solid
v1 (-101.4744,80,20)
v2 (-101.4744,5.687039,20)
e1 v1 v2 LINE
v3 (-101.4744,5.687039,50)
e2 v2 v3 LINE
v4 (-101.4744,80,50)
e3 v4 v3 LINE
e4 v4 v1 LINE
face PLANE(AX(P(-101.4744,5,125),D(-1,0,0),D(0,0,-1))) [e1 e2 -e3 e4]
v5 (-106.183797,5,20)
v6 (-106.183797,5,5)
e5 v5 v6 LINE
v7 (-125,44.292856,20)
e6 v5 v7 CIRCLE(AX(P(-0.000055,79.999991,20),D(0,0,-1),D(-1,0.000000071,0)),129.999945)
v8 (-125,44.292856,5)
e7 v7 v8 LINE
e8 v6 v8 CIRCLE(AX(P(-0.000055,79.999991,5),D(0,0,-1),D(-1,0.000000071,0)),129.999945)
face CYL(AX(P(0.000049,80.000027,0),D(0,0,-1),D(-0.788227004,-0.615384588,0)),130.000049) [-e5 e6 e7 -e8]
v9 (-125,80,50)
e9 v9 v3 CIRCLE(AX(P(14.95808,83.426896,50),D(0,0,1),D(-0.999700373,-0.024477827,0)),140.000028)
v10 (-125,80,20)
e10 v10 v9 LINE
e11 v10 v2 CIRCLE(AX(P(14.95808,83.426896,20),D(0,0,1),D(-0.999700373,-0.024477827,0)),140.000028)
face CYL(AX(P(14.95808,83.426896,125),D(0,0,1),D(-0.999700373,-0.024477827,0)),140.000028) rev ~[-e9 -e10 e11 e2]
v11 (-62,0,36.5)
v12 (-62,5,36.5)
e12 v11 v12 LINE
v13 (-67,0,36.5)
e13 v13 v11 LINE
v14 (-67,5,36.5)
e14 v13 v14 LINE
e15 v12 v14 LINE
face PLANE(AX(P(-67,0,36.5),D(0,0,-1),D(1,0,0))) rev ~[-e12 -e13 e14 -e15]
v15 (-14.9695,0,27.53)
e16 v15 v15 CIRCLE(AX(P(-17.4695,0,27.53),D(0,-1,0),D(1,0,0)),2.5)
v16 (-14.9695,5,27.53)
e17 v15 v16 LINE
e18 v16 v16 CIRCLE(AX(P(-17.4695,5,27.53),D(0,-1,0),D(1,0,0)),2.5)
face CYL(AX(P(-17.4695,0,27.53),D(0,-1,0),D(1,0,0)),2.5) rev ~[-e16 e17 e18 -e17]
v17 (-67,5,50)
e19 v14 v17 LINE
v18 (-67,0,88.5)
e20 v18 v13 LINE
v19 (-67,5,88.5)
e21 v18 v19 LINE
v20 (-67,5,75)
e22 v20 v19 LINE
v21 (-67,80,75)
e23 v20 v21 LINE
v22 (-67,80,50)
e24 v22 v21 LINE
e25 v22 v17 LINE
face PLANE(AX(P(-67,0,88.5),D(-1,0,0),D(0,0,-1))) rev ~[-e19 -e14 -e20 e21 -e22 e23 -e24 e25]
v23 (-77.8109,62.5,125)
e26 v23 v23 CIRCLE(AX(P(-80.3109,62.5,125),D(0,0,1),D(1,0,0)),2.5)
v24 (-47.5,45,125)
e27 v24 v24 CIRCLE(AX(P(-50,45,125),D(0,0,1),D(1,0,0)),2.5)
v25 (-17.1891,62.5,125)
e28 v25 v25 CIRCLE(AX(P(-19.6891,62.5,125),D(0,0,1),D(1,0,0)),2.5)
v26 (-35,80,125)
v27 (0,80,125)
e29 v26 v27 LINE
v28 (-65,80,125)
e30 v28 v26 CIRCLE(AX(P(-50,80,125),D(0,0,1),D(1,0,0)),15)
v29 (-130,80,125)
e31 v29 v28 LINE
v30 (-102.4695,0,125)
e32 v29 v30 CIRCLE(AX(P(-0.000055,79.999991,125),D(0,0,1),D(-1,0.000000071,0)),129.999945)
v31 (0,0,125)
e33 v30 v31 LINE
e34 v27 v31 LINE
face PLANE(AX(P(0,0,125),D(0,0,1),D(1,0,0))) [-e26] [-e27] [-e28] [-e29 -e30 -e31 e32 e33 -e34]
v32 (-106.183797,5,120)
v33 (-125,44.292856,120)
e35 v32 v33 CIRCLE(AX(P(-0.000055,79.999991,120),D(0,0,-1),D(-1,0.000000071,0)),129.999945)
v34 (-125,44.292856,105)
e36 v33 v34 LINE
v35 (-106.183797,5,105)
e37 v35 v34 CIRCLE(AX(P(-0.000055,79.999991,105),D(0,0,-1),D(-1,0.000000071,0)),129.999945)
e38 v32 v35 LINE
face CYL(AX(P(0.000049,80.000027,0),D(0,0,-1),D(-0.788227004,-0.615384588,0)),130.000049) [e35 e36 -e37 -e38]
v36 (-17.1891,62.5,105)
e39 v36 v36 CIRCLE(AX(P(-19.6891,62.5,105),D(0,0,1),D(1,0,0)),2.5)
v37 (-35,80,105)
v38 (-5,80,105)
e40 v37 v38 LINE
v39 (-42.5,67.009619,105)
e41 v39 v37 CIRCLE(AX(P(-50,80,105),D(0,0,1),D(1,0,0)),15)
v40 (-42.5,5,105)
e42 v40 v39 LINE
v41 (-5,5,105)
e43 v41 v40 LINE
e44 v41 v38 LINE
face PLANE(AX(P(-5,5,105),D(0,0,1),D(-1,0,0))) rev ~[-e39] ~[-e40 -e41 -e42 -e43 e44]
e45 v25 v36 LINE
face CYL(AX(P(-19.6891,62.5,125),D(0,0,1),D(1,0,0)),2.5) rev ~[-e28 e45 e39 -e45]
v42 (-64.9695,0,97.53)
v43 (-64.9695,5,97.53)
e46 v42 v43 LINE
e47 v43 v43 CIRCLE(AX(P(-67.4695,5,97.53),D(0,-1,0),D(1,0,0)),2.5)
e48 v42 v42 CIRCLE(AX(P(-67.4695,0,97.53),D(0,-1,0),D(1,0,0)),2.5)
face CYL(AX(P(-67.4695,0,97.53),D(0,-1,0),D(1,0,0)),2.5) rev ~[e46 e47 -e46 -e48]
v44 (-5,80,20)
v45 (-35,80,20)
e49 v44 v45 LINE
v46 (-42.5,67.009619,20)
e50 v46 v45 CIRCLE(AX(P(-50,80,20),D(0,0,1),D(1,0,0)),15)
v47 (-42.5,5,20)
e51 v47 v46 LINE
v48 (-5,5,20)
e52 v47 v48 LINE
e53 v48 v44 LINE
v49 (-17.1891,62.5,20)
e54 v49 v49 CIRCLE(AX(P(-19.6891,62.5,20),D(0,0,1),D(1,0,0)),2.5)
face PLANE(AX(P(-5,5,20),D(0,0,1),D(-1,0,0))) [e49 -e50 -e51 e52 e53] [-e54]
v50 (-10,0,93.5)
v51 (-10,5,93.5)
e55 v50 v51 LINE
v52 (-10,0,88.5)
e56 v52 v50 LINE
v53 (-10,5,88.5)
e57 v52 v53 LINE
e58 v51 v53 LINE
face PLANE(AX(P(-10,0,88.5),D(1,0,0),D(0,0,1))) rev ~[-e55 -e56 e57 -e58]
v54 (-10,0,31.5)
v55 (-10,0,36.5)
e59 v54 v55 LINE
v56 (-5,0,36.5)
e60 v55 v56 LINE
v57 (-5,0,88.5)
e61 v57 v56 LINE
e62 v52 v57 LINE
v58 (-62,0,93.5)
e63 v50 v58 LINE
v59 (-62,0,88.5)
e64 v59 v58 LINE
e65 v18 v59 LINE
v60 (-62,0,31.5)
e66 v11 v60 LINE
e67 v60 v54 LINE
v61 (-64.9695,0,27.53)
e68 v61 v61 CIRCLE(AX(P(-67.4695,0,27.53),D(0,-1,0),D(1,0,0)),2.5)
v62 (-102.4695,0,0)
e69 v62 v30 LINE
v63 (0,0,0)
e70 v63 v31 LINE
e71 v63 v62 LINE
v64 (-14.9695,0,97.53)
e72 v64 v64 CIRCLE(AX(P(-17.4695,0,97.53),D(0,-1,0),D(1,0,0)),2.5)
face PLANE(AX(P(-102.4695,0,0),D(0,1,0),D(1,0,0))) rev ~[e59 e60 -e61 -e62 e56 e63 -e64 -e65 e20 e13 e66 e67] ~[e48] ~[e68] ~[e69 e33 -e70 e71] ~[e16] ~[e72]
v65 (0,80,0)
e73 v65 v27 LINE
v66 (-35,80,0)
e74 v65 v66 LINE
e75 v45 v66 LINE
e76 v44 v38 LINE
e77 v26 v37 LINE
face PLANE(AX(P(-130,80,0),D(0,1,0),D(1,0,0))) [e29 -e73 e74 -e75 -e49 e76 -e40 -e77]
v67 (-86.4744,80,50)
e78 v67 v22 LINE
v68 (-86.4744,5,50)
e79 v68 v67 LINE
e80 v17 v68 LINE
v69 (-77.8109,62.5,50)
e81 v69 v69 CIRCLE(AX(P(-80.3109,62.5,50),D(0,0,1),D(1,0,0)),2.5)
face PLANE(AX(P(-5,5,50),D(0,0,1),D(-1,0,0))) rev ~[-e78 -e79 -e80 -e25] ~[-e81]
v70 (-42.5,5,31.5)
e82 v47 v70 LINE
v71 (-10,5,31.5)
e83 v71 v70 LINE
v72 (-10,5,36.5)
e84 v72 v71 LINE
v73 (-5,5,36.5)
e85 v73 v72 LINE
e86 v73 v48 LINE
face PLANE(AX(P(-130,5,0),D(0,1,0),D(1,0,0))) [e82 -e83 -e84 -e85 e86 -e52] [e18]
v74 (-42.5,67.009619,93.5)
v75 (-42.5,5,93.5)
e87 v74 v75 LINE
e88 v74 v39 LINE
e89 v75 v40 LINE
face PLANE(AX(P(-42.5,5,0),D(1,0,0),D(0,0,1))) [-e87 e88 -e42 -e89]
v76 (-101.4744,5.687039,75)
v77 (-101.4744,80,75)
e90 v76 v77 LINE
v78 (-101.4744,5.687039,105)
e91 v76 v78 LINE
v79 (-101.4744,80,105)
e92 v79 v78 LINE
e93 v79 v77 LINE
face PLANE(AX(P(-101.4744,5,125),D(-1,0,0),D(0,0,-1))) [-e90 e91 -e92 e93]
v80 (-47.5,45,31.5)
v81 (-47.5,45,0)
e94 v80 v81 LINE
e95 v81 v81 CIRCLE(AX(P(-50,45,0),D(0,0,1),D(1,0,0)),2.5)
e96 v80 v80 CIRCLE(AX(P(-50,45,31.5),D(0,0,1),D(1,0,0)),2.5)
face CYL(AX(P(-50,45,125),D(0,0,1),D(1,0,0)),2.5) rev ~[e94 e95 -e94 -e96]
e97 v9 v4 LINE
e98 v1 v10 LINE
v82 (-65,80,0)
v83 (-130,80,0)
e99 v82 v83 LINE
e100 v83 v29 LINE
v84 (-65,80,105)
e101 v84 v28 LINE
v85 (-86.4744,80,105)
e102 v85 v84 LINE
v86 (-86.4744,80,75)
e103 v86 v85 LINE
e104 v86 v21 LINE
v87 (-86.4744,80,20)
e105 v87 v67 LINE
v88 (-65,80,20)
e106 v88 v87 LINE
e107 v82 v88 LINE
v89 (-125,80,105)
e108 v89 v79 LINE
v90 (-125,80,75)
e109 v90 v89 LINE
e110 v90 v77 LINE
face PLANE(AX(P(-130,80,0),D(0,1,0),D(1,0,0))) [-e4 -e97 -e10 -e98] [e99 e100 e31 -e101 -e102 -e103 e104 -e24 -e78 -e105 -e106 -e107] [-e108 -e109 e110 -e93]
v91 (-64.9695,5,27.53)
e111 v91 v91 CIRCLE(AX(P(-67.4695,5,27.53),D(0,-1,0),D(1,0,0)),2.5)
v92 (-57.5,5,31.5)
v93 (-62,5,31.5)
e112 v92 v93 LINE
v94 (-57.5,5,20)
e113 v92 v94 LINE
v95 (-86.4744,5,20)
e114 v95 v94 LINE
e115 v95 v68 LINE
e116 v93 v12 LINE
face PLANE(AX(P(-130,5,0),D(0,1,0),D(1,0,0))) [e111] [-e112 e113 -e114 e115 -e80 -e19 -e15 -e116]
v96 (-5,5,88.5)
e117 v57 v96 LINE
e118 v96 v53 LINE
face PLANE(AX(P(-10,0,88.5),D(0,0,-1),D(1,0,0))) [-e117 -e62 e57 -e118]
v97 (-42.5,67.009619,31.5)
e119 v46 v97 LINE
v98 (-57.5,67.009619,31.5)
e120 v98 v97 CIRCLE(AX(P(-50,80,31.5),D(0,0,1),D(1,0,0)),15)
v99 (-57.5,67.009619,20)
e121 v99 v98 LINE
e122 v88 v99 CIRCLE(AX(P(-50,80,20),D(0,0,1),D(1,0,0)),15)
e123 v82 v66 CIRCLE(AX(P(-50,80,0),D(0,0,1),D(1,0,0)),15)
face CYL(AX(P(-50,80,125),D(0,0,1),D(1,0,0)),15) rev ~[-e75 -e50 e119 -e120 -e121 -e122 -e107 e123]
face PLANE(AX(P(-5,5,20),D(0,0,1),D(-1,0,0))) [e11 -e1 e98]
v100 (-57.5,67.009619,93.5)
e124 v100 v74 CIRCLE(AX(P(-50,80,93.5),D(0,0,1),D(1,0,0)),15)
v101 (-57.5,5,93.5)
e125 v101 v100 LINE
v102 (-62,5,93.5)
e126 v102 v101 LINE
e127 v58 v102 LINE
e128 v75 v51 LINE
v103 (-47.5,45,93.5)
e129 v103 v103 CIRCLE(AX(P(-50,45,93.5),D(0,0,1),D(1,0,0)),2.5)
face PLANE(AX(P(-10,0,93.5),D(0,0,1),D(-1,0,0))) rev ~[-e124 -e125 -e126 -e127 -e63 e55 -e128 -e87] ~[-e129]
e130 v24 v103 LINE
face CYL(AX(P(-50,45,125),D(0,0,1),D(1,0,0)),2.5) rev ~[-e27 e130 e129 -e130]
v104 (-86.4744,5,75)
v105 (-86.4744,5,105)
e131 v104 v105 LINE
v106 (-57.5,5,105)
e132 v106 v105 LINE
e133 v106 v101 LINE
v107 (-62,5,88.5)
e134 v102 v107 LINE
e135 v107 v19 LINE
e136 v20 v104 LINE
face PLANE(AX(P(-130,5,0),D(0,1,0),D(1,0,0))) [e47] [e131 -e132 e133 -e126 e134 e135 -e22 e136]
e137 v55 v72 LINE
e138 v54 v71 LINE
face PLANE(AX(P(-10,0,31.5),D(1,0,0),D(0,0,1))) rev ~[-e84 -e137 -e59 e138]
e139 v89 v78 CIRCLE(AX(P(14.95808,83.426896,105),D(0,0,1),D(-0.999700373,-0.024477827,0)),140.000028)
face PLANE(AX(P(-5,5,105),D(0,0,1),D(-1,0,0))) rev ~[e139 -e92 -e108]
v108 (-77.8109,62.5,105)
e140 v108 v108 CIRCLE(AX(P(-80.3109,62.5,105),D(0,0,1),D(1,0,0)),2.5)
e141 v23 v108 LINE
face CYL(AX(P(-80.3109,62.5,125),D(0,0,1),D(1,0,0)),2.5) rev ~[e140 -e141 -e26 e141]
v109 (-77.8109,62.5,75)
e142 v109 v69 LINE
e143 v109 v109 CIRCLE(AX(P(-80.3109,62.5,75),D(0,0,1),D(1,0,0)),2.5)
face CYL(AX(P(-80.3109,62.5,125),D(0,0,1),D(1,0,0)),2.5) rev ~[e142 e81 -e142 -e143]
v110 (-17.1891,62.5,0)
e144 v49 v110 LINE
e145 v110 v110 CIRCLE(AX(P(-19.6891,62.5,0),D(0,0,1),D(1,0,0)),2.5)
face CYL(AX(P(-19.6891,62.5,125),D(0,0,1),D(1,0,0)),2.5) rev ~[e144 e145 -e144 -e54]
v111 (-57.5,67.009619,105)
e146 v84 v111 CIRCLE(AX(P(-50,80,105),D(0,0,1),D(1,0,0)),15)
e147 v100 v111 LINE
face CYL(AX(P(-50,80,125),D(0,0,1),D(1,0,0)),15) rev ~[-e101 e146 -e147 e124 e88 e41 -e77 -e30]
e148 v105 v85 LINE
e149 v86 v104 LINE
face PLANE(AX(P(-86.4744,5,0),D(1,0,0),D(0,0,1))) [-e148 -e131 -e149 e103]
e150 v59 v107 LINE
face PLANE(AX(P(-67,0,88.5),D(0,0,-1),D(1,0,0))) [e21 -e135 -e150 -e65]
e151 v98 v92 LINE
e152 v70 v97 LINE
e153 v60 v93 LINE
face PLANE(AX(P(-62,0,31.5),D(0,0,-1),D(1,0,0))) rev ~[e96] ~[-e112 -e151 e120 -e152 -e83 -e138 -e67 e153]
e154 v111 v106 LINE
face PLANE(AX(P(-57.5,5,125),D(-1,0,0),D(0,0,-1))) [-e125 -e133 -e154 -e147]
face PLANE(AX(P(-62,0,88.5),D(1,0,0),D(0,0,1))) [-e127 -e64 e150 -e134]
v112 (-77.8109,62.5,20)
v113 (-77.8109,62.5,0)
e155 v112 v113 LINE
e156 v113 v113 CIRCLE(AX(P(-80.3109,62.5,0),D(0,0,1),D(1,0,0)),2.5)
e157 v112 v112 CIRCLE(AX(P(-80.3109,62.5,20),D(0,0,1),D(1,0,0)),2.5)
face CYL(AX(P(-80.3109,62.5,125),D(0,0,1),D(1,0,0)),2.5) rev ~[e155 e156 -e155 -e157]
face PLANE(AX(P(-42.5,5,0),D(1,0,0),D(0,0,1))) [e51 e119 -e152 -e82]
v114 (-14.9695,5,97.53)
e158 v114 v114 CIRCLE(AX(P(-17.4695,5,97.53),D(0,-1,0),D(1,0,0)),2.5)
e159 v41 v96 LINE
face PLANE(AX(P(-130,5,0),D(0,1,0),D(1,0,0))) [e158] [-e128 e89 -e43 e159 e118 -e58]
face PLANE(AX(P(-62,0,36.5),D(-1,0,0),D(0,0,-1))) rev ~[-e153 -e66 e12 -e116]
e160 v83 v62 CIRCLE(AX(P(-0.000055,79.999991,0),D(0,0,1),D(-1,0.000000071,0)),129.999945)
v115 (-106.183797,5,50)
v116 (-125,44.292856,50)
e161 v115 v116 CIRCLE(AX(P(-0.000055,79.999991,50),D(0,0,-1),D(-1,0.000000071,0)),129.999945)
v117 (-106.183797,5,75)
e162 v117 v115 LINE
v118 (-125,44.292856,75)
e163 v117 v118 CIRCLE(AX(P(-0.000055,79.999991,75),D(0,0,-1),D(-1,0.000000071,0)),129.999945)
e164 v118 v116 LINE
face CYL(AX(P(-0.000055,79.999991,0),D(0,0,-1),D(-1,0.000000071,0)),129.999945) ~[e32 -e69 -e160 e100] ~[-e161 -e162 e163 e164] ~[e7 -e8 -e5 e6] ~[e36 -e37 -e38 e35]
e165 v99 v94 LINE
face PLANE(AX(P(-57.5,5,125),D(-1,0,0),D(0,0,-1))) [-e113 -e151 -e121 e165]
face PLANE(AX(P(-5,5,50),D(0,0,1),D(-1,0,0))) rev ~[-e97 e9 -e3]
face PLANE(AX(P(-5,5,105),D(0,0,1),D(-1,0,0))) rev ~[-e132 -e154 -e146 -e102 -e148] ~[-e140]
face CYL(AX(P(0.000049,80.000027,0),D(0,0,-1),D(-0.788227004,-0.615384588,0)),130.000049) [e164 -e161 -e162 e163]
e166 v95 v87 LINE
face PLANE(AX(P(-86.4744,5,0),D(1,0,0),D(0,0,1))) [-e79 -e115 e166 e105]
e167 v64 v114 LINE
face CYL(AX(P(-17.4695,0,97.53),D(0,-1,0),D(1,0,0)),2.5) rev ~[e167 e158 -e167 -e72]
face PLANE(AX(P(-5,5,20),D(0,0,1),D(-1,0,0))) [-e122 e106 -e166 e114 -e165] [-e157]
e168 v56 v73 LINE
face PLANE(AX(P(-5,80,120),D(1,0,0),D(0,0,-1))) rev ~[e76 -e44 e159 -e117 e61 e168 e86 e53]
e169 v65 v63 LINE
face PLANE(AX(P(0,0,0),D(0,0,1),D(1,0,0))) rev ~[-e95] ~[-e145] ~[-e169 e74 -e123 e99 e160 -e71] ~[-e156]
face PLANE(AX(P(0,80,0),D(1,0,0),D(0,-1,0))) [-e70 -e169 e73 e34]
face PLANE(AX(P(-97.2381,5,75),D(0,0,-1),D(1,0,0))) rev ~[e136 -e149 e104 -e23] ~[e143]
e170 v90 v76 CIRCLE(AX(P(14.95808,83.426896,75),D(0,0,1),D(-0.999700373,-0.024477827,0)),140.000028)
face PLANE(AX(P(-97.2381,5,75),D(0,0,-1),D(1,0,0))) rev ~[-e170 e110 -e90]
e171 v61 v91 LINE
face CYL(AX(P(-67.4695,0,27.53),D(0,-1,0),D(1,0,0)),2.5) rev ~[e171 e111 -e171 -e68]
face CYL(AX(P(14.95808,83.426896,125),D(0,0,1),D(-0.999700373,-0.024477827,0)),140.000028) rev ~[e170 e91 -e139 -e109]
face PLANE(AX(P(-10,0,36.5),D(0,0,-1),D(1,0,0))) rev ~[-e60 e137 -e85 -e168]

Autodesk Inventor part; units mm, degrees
ref_plane "YZ Plane" through (0, 0, 0) normal (1, 0, 0) x (0, 1, 0)
ref_plane "XZ Plane" through (0, 0, 0) normal (0, 1, 0) x (-1, 0, 0)
ref_plane "XY Plane" through (0, 0, 0) normal (0, 0, 1) x (1, 0, 0)
sketch "Sketch1" plane through (0, 0, 0) normal (0, 0, 1) x (1, 0, 0)
  circle A0 centre (0, 80) radius 130 construction
  line L0 (0, -50) -> (0, 0) construction
  line L1 (0, 0) -> (-102.4695, 0) construction
  arc A1 (-130, 80) -> (-102.4695, 0) centre (0, 80) ccw
  line L2 (-130, 80) -> (0, 80)
  line L3 (0, 80) -> (0, 0)
  line L4 (-102.4695, 0) -> (0, 0)
  dimension "d0" = 260
  dimension "d1" = 50
extrude "Extrusion1" add sketch "Sketch1" along normal blind 125
sketch "Sketch6" plane through (-130, 80, 0) normal (0, 1, 0) x (1, 0, 0)
  line L0 (0, 0) -> (0, -125) projected
  line L1 (0, 0) -> (130, 0)
  line L2 (130, 0) -> (130, -125)
  line L3 (130, -125) -> (0, -125)
  line L4 (0, -125) -> (0, 0)
  line L5 (5, -120) -> (125, -120)
  line L6 (125, -120) -> (125, -5)
  line L7 (125, -5) -> (5, -5)
  line L8 (5, -5) -> (5, -120)
  point P0 (130, 0)
  dimension "d25" = 5
extrude "Extrusion5" cut sketch "Sketch6" against normal blind 75 contours L8 L7 L6 L5
sketch "Sketch7" plane through (-102.4695, 0, 0) normal (0, -1, 0) x (1, 0, 0)
  circle A0 centre (35, 97.53) radius 2.5
  circle A1 centre (85, 97.53) radius 2.5
  line L0 (0, 125) -> (102.4695, 125) projected
  line L1 (0, 0) -> (0, 125) projected
  circle A2 centre (35, 27.53) radius 2.5
  circle A3 centre (85, 27.53) radius 2.5
  line L2 (102.4695, 0) -> (102.4695, 125) projected
  dimension "d28" = 5
  dimension "d29" = 5
  dimension "d30" = 27.47
  dimension "d31" = 50
  dimension "d33" = 5
  dimension "d34" = 5
  dimension "d35" = 70
  dimension "d82" = 35
extrude "Extrusion6" cut sketch "Sketch7" against normal through all
sketch "Sketch8" plane through (0, 0, 125) normal (0, 0, 1) x (1, 0, 0)
  line L0 (0, 80) -> (-130, 80) projected
  arc A0 (-130, 80) -> (-102.4695, 0) centre (0, 80) ccw projected
  arc A1 (-130, 80) -> (-102.4695, 0) centre (9.9581, 83.4269) ccw
  line L1 (-102.4695, 0) -> (-97.4695, 0)
  line L2 (-102.4695, 0) -> (0, 0) projected
  line L3 (-130, 80) -> (-125, 80)
  arc A2 (-125, 80) -> (-97.4695, 0) centre (14.9581, 83.4269) ccw
  dimension "d40" = 5
  dimension "d41" = 5
  dimension "d42" = 140
extrude "Extrusion7" add sketch "Sketch8" against normal blind 125
sketch "Sketch11" plane through (-130, 5, 0) normal (0, 1, 0) x (1, 0, 0)
  line L0 (125, -5) -> (125, -120) projected
  line L1 (125, -50) -> (5, -50)
  line L2 (5, -50) -> (5, -65)
  line L3 (5, -65) -> (125, -65)
  line L4 (125, -65) -> (125, -50)
  line L5 (125, -60) -> (5, -60)
  line L6 (5, -60) -> (5, -75)
  line L7 (5, -75) -> (125, -75)
  line L8 (125, -75) -> (125, -60)
  line L9 (32.7619, 0) -> (32.7619, -150)
  line L10 (125, -105) -> (5, -105)
  line L11 (5, -105) -> (5, -120)
  line L12 (5, -120) -> (125, -120)
  line L13 (125, -120) -> (125, -105)
  line L14 (125, -20) -> (5, -20)
  line L15 (5, -20) -> (5, -5)
  line L16 (5, -5) -> (125, -5)
  line L17 (125, -5) -> (125, -20)
  line L18 (5, -5) -> (125, -5)
  line L19 (5, -120) -> (5, -5) projected
  line L20 (125, -120) -> (5, -120) projected
  line L21 (125, -5) -> (125, -20)
  point P0 (130, 0)
  point P1 (65, -120)
  point P2 (65, -5)
  point P3 (5, -12.5)
  point P4 (5, -57.5)
  dimension "d54" = 15
  dimension "d55" = 15
  dimension "d56" = 15
  dimension "d57" = 15
  dimension "d58" = 30
  dimension "d59" = 30
  dimension "d66" = 5
extrude "Extrusion10" add sketch "Sketch11" along normal blind 75 contours L0 L14 L9 L16 | L9 L14 L15 L16 | L0 L5 L9 L1 | L0 L3 L9 L5 | L9 L5 L2 L1 | L0 L7 L9 L3 | L9 L3 L2 L5 | L9 L7 L6 L3 | L0 L12 L9 L10 | L9 L12 L11 L10
sketch "Sketch12" plane through (-130, 5, 0) normal (0, 1, 0) x (1, 0, 0)
  line L0 (27.5305, 0) -> (130, 0) projected
  line L1 (27.5305, -125) -> (130, -125) projected
  line L2 (72.5, 0) -> (87.5, 0)
  line L3 (87.5, 0) -> (87.5, -125)
  line L4 (87.5, -125) -> (72.5, -125)
  line L5 (72.5, -125) -> (72.5, 0)
  line L6 (28.5256, 0) -> (43.5256, 0)
  line L7 (43.5256, 0) -> (43.5256, -125)
  line L8 (43.5256, -125) -> (28.5256, -125)
  line L9 (28.5256, -125) -> (28.5256, 0)
  line L10 (130, 0) -> (130, -125) projected
  dimension "d62" = 15
  dimension "d63" = 15
  dimension "d92" = 42.5
extrude "Extrusion11" add sketch "Sketch12" along normal blind 75 contours L0 L7 L1 L9 | L0 L3 L1 L5
sketch "Sketch9" plane through (0, 0, 125) normal (0, 0, 1) x (1, 0, 0)
  circle A0 centre (-50, 80) radius 15
  point P0 (0, 0)
  point P1 (0, 80)
  dimension "d45" = 30
  dimension "d46" = 50
extrude "Extrusion8" cut sketch "Sketch9" against normal through all
sketch "Sketch13" plane through (0, 0, 0) normal (0, 0, -1) x (-1, 0, 0)
  arc A0 (102.4695, 0) -> (130, 80) centre (-9.9581, 83.4269) ccw
  line L0 (130, 80) -> (130, 80)
  arc A1 (102.4695, 0) -> (130, 80) centre (0, 80) ccw projected
  line L1 (130, 80) -> (130, 80)
  line L2 (65, 80) -> (130, 80) projected
  line L3 (130, 80) -> (130, 0)
  line L4 (130, 0) -> (102.4695, 0)
  point P0 (0, 0)
  dimension "d67" = 140
extrude "Extrusion12" cut sketch "Sketch13" against normal through all contours A1 L3 L4
sketch "Sketch14" plane through (0, 0, 125) normal (0, 0, 1) x (1, 0, 0)
  line L0 (-102.4695, 0) -> (0, 0) construction
  line L1 (-50, 0) -> (-50, 196.0469) construction
  line L2 (0, 80) -> (-93.0222, 80) construction
  line L3 (-50, 80) -> (28.9192, 80) construction
  circle A0 centre (-50, 115) radius 2.5
  circle A1 centre (-50, 80) radius 35 construction
  circle A2 centre (-80.3109, 97.5) radius 2.5
  circle A3 centre (-80.3109, 62.5) radius 2.5
  circle A4 centre (-50, 45) radius 2.5
  circle A5 centre (-19.6891, 62.5) radius 2.5
  circle A6 centre (-19.6891, 97.5) radius 2.5
  dimension "d74" = 70
  dimension "d70" = 50
  dimension "d72" = 5
  dimension "d77" = 360
extrude "Extrusion13" cut sketch "Sketch14" against normal through all contours A3 | A4 | A5
sketch "Sketch16" plane through (-102.4695, 0, 0) normal (0, -1, 0) x (1, 0, 0)
  line L0 (35.4695, 31.5) -> (35.4695, 93.5) construction
  line L1 (97.4695, 93.5) -> (35.4695, 93.5) construction
  line L2 (35.4695, 93.5) -> (35.4695, 31.5) construction
  line L3 (35.4695, 31.5) -> (97.4695, 31.5) construction
  line L4 (97.4695, 31.5) -> (97.4695, 93.5) construction
  line L5 (0, 125) -> (102.4695, 125) projected
  line L6 (0, 0) -> (102.4695, 0) projected
  line L7 (102.4695, 0) -> (102.4695, 125) projected
  line L8 (97.4695, 93.5) -> (92.4695, 93.5) construction
  line L9 (92.4695, 93.5) -> (92.4695, 88.5) construction
  line L10 (92.4695, 88.5) -> (97.4695, 88.5) construction
  line L11 (97.4695, 88.5) -> (97.4695, 93.5) construction
  line L12 (35.4695, 31.5) -> (40.4695, 31.5) construction
  line L13 (40.4695, 31.5) -> (40.4695, 36.5) construction
  line L14 (40.4695, 36.5) -> (35.4695, 36.5) construction
  line L15 (35.4695, 36.5) -> (35.4695, 31.5) construction
  line L16 (35.4695, 93.5) -> (40.4695, 93.5) construction
  line L17 (40.4695, 93.5) -> (40.4695, 88.5) construction
  line L18 (40.4695, 88.5) -> (35.4695, 88.5) construction
  line L19 (35.4695, 88.5) -> (35.4695, 93.5) construction
  line L20 (97.4695, 31.5) -> (92.4695, 31.5) construction
  line L21 (92.4695, 31.5) -> (92.4695, 36.5) construction
  line L22 (92.4695, 36.5) -> (97.4695, 36.5) construction
  line L23 (97.4695, 36.5) -> (97.4695, 31.5) construction
  line L24 (92.4695, 93.5) -> (40.4695, 93.5)
  line L25 (40.4695, 88.5) -> (40.4695, 93.5)
  line L26 (35.4695, 88.5) -> (40.4695, 88.5)
  line L27 (35.4695, 88.5) -> (35.4695, 36.5)
  line L28 (35.4695, 36.5) -> (40.4695, 36.5)
  line L29 (40.4695, 36.5) -> (40.4695, 31.5)
  line L30 (40.4695, 31.5) -> (92.4695, 31.5)
  line L31 (92.4695, 31.5) -> (92.4695, 36.5)
  line L32 (92.4695, 36.5) -> (97.4695, 36.5)
  line L33 (97.4695, 20) -> (97.4695, 50) projected
  line L34 (97.4695, 36.5) -> (97.4695, 88.5)
  line L35 (97.4695, 75) -> (97.4695, 105) projected
  line L36 (92.4695, 88.5) -> (97.4695, 88.5)
  line L37 (92.4695, 88.5) -> (92.4695, 93.5)
  point P0 (97.4695, 62.5)
  point P1 (102.4695, 62.5)
  point P2 (66.4695, 31.5)
  point P3 (51.2348, 0)
  dimension "d100" = 62
  dimension "d101" = 62
  dimension "d102" = 5
  dimension "d103" = 5
  dimension "d104" = 5
  dimension "d105" = 5
  dimension "d106" = 5
  dimension "d107" = 5
  dimension "d108" = 5
  dimension "d109" = 5
  dimension "d110" = 5
extrude "Extrusion15" cut sketch "Sketch16" against normal through all
equation "\"d101\" = d100"
properties part number "SJ005" material "ABS Plastic"
